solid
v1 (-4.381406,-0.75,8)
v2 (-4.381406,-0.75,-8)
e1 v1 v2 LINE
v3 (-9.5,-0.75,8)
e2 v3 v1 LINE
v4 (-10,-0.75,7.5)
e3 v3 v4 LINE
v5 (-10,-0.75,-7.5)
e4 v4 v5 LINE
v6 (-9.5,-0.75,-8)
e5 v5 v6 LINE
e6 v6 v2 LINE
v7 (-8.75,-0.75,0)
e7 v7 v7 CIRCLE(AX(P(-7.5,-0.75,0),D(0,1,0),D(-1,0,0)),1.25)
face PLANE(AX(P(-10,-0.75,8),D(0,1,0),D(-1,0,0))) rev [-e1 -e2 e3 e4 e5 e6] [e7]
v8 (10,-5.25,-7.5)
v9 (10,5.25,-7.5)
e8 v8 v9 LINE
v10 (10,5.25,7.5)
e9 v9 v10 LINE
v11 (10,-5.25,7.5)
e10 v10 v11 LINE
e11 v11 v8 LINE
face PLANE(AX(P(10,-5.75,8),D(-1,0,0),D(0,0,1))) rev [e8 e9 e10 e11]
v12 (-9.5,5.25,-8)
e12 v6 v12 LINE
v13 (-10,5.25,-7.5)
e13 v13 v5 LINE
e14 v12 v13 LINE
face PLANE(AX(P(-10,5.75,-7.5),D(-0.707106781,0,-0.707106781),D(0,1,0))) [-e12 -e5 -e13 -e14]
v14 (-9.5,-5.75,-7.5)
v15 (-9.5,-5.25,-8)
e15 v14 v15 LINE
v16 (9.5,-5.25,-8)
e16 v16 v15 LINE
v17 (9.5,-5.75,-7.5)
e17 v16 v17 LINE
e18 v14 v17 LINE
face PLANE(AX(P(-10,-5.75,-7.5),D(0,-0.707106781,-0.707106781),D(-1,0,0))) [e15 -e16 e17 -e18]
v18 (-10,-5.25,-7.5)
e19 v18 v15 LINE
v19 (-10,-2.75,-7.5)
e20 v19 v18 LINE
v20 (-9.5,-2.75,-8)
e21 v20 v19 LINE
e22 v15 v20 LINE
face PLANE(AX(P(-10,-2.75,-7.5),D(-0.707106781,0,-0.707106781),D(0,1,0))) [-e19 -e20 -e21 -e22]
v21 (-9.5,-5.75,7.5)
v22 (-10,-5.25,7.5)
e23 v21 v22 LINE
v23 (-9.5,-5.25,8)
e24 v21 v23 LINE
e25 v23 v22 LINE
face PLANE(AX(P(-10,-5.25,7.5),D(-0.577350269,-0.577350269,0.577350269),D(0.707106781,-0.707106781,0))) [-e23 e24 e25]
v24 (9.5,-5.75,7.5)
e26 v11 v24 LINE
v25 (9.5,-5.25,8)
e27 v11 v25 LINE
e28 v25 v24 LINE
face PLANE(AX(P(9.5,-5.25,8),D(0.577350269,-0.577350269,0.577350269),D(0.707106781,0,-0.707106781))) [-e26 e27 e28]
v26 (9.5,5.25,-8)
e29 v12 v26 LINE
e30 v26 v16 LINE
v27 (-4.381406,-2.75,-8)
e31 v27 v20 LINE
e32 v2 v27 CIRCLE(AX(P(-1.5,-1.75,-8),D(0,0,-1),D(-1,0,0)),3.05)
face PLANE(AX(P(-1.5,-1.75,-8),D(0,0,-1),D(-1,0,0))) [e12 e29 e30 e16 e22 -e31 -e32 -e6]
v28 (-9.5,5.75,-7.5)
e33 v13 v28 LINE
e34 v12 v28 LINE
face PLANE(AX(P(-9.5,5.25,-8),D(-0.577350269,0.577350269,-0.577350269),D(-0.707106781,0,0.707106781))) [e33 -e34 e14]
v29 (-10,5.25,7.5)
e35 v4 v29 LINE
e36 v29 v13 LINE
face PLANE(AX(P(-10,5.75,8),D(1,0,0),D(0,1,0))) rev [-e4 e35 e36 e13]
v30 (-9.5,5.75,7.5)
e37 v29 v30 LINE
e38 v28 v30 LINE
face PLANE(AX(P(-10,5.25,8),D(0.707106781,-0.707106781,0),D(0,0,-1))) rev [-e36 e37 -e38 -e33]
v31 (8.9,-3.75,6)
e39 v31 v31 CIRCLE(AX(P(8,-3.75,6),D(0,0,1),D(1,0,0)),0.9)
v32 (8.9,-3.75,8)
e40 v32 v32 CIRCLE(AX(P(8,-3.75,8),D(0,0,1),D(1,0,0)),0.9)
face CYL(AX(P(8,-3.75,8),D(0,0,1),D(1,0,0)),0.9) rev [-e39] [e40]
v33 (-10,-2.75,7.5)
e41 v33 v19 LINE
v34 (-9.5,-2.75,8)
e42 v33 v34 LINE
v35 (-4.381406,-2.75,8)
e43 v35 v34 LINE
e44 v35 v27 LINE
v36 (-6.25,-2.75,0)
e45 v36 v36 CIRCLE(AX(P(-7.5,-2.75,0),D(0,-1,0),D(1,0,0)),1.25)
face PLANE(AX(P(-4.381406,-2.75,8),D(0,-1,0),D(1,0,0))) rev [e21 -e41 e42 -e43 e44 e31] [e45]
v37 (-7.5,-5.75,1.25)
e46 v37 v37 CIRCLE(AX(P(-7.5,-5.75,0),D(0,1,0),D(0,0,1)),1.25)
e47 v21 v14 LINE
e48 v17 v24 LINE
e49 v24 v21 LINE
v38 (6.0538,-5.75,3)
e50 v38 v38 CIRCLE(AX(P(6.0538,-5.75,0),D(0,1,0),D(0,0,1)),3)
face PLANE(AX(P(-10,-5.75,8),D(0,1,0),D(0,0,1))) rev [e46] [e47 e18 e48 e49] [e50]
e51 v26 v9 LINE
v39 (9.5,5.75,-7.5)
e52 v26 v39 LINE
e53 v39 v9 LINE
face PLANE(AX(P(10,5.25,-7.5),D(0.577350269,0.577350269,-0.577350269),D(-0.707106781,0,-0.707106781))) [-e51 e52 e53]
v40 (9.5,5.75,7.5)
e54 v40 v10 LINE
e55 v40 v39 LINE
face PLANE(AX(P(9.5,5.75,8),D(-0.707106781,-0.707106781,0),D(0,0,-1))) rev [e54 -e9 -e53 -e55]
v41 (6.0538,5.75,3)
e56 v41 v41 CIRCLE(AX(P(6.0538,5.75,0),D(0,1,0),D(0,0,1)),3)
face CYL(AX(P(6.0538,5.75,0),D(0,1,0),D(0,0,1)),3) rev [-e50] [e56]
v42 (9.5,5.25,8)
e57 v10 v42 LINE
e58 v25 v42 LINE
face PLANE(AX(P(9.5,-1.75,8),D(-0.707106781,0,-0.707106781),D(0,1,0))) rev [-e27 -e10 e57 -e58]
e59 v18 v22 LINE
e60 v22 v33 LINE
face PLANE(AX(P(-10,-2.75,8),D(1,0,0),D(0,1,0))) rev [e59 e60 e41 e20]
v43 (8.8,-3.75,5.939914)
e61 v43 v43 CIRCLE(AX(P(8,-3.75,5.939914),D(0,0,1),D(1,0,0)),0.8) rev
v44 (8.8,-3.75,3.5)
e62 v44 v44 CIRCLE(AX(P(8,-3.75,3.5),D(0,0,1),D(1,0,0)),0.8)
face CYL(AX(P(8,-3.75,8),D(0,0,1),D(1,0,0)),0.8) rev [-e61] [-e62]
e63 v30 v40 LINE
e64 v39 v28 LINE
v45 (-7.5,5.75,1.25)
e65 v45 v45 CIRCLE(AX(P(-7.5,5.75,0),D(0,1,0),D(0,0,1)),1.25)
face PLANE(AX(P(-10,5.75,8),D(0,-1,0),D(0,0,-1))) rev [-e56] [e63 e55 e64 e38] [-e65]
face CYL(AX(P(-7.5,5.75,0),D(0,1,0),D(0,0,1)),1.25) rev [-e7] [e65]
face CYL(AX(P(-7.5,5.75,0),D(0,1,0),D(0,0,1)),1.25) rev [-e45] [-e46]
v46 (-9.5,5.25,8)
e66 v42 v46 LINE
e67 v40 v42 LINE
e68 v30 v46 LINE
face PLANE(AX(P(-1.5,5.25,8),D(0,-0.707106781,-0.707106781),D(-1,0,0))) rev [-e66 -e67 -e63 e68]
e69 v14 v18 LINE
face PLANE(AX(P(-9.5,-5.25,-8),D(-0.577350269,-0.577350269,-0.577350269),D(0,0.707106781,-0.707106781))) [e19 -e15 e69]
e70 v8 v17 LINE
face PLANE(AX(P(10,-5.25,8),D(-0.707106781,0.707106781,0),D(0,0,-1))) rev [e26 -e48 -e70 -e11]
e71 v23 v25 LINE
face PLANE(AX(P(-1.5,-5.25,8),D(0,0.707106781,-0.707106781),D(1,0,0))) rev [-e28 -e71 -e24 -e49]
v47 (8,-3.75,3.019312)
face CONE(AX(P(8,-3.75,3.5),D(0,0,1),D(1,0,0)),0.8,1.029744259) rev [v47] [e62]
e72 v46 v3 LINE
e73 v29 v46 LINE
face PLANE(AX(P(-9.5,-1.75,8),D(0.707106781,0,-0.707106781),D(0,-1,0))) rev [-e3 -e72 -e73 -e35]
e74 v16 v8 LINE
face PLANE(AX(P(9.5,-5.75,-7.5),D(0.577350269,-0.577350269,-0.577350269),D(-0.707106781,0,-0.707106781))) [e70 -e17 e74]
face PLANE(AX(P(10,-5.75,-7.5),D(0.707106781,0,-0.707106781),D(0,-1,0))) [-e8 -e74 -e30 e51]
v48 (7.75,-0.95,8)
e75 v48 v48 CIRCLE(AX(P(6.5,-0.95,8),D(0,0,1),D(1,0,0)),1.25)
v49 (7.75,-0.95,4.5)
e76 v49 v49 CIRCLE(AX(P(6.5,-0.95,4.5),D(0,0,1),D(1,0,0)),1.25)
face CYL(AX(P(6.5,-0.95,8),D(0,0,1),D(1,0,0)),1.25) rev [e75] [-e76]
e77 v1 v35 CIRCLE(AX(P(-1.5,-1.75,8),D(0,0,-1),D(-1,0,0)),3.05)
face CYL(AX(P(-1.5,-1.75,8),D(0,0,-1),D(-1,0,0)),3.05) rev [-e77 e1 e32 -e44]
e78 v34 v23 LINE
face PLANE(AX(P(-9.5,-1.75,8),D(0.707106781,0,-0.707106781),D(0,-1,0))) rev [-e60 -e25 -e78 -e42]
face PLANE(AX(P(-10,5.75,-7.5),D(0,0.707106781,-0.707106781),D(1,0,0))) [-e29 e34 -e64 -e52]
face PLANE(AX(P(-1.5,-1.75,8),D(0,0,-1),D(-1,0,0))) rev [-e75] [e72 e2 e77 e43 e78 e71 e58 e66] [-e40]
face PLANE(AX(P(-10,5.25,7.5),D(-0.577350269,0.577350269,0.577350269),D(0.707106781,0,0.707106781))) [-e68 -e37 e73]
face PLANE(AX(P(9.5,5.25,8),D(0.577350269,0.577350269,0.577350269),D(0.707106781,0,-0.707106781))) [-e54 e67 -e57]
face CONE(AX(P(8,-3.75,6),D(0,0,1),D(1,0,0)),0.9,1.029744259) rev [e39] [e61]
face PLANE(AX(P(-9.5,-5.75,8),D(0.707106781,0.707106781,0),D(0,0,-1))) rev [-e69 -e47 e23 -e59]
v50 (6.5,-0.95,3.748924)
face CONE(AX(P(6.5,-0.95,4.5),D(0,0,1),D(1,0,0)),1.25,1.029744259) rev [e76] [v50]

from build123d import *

# Parameters (mm, degrees)
BOSS_EXTRUDE1_DEPTH            = 8
CHAMFER1_SIZE                  = 0.5
M3X0_5_TAPPED_HOLE1_D          = 2.5
M3X0_5_TAPPED_HOLE1_DEPTH      = 3.5
M3X0_5_TAPPED_HOLE1_TIP        = 0.751075774
F_1_8_1_8_DIAMETER_HOLE1_D     = 1.8
F_1_8_1_8_DIAMETER_HOLE1_DEPTH = 2
F_1_8_1_8_DIAMETER_HOLE1_TIP   = 0.540774557
F_1_6_1_6_DIAMETER_HOLE1_D     = 1.6
F_1_6_1_6_DIAMETER_HOLE1_DEPTH = 4.5
F_1_6_1_6_DIAMETER_HOLE1_TIP   = 0.480688495
M3X0_5_TAPPED_HOLE2_D          = 2.5
M6X1_0_TAPPED_HOLE1_D          = 6


with BuildPart() as part:
    # Sketch1 → Boss-Extrude1 (new body, symmetric)
    with BuildSketch(Plane.XY):
        with BuildLine():
            Line((-10, -0.75), (-4.381405907, -0.75))
            ThreePointArc((-4.381405907, -0.75), (1.55, -1.75), (-4.381405907, -2.75))
            Line((-4.381405907, -2.75), (-10, -2.75))
            Line((-10, -2.75), (-10, -5.75))
            Line((-10, -5.75), (10, -5.75))
            Line((10, -5.75), (10, 5.75))
            Line((10, 5.75), (-10, 5.75))
            Line((-10, 5.75), (-10, -0.75))
        make_face()
    extrude(amount=BOSS_EXTRUDE1_DEPTH, both=True)

    # Chamfer1
    chamfer1_edges = [part.edges().sort_by_distance(p)[0] for p in [
        (-10, 2.5, 8),
        (0, 5.75, -8),
        (10, 0, -8),
        (10, -5.75, 0),
        (-10, -5.75, 0),
        (-10, 5.75, 0),
        (10, 5.75, 0),
        (-10, -4.25, 8),
        (0, -5.75, 8),
        (10, 0, 8),
        (0, 5.75, 8),
        (0, -5.75, -8),
        (-10, -4.25, -8),
        (-10, 2.5, -8),
    ]]
    chamfer(chamfer1_edges, length=CHAMFER1_SIZE)

    # M3x0.5 Tapped Hole1
    with Locations(Plane.XY.offset(8)):
        with Locations((6.5, -0.95)):
            Hole(M3X0_5_TAPPED_HOLE1_D / 2, depth=M3X0_5_TAPPED_HOLE1_DEPTH)
            with Locations((0, 0, -(M3X0_5_TAPPED_HOLE1_DEPTH + M3X0_5_TAPPED_HOLE1_TIP / 2))):  # 118° drill point
                Cone(0, M3X0_5_TAPPED_HOLE1_D / 2, M3X0_5_TAPPED_HOLE1_TIP, mode=Mode.SUBTRACT)

    # Ø1.8 (1.8) Diameter Hole1
    with Locations(Plane.XY.offset(8)):
        with Locations((8, -3.75)):
            Hole(F_1_8_1_8_DIAMETER_HOLE1_D / 2, depth=F_1_8_1_8_DIAMETER_HOLE1_DEPTH)
            with Locations((0, 0, -(F_1_8_1_8_DIAMETER_HOLE1_DEPTH + F_1_8_1_8_DIAMETER_HOLE1_TIP / 2))):  # 118° drill point
                Cone(0, F_1_8_1_8_DIAMETER_HOLE1_D / 2, F_1_8_1_8_DIAMETER_HOLE1_TIP, mode=Mode.SUBTRACT)

    # Ø1.6 (1.6) Diameter Hole1
    with Locations(Plane.XY.offset(8)):
        with Locations((8, -3.75)):
            Hole(F_1_6_1_6_DIAMETER_HOLE1_D / 2, depth=F_1_6_1_6_DIAMETER_HOLE1_DEPTH)
            with Locations((0, 0, -(F_1_6_1_6_DIAMETER_HOLE1_DEPTH + F_1_6_1_6_DIAMETER_HOLE1_TIP / 2))):  # 118° drill point
                Cone(0, F_1_6_1_6_DIAMETER_HOLE1_D / 2, F_1_6_1_6_DIAMETER_HOLE1_TIP, mode=Mode.SUBTRACT)

    # M3x0.5 Tapped Hole2 (through all)
    with Locations(Plane(origin=(0, 5.75, 0), x_dir=(1, 0, 0), z_dir=(0, 1, 0))):
        with Locations((-7.5, 0)):
            Hole(M3X0_5_TAPPED_HOLE2_D / 2)

    # M6x1.0 Tapped Hole1 (through all)
    with Locations(Plane(origin=(0, 5.75, 0), x_dir=(1, 0, 0), z_dir=(0, 1, 0))):
        with Locations((6.053799896, 0)):
            Hole(M6X1_0_TAPPED_HOLE1_D / 2)


solid = part.part
